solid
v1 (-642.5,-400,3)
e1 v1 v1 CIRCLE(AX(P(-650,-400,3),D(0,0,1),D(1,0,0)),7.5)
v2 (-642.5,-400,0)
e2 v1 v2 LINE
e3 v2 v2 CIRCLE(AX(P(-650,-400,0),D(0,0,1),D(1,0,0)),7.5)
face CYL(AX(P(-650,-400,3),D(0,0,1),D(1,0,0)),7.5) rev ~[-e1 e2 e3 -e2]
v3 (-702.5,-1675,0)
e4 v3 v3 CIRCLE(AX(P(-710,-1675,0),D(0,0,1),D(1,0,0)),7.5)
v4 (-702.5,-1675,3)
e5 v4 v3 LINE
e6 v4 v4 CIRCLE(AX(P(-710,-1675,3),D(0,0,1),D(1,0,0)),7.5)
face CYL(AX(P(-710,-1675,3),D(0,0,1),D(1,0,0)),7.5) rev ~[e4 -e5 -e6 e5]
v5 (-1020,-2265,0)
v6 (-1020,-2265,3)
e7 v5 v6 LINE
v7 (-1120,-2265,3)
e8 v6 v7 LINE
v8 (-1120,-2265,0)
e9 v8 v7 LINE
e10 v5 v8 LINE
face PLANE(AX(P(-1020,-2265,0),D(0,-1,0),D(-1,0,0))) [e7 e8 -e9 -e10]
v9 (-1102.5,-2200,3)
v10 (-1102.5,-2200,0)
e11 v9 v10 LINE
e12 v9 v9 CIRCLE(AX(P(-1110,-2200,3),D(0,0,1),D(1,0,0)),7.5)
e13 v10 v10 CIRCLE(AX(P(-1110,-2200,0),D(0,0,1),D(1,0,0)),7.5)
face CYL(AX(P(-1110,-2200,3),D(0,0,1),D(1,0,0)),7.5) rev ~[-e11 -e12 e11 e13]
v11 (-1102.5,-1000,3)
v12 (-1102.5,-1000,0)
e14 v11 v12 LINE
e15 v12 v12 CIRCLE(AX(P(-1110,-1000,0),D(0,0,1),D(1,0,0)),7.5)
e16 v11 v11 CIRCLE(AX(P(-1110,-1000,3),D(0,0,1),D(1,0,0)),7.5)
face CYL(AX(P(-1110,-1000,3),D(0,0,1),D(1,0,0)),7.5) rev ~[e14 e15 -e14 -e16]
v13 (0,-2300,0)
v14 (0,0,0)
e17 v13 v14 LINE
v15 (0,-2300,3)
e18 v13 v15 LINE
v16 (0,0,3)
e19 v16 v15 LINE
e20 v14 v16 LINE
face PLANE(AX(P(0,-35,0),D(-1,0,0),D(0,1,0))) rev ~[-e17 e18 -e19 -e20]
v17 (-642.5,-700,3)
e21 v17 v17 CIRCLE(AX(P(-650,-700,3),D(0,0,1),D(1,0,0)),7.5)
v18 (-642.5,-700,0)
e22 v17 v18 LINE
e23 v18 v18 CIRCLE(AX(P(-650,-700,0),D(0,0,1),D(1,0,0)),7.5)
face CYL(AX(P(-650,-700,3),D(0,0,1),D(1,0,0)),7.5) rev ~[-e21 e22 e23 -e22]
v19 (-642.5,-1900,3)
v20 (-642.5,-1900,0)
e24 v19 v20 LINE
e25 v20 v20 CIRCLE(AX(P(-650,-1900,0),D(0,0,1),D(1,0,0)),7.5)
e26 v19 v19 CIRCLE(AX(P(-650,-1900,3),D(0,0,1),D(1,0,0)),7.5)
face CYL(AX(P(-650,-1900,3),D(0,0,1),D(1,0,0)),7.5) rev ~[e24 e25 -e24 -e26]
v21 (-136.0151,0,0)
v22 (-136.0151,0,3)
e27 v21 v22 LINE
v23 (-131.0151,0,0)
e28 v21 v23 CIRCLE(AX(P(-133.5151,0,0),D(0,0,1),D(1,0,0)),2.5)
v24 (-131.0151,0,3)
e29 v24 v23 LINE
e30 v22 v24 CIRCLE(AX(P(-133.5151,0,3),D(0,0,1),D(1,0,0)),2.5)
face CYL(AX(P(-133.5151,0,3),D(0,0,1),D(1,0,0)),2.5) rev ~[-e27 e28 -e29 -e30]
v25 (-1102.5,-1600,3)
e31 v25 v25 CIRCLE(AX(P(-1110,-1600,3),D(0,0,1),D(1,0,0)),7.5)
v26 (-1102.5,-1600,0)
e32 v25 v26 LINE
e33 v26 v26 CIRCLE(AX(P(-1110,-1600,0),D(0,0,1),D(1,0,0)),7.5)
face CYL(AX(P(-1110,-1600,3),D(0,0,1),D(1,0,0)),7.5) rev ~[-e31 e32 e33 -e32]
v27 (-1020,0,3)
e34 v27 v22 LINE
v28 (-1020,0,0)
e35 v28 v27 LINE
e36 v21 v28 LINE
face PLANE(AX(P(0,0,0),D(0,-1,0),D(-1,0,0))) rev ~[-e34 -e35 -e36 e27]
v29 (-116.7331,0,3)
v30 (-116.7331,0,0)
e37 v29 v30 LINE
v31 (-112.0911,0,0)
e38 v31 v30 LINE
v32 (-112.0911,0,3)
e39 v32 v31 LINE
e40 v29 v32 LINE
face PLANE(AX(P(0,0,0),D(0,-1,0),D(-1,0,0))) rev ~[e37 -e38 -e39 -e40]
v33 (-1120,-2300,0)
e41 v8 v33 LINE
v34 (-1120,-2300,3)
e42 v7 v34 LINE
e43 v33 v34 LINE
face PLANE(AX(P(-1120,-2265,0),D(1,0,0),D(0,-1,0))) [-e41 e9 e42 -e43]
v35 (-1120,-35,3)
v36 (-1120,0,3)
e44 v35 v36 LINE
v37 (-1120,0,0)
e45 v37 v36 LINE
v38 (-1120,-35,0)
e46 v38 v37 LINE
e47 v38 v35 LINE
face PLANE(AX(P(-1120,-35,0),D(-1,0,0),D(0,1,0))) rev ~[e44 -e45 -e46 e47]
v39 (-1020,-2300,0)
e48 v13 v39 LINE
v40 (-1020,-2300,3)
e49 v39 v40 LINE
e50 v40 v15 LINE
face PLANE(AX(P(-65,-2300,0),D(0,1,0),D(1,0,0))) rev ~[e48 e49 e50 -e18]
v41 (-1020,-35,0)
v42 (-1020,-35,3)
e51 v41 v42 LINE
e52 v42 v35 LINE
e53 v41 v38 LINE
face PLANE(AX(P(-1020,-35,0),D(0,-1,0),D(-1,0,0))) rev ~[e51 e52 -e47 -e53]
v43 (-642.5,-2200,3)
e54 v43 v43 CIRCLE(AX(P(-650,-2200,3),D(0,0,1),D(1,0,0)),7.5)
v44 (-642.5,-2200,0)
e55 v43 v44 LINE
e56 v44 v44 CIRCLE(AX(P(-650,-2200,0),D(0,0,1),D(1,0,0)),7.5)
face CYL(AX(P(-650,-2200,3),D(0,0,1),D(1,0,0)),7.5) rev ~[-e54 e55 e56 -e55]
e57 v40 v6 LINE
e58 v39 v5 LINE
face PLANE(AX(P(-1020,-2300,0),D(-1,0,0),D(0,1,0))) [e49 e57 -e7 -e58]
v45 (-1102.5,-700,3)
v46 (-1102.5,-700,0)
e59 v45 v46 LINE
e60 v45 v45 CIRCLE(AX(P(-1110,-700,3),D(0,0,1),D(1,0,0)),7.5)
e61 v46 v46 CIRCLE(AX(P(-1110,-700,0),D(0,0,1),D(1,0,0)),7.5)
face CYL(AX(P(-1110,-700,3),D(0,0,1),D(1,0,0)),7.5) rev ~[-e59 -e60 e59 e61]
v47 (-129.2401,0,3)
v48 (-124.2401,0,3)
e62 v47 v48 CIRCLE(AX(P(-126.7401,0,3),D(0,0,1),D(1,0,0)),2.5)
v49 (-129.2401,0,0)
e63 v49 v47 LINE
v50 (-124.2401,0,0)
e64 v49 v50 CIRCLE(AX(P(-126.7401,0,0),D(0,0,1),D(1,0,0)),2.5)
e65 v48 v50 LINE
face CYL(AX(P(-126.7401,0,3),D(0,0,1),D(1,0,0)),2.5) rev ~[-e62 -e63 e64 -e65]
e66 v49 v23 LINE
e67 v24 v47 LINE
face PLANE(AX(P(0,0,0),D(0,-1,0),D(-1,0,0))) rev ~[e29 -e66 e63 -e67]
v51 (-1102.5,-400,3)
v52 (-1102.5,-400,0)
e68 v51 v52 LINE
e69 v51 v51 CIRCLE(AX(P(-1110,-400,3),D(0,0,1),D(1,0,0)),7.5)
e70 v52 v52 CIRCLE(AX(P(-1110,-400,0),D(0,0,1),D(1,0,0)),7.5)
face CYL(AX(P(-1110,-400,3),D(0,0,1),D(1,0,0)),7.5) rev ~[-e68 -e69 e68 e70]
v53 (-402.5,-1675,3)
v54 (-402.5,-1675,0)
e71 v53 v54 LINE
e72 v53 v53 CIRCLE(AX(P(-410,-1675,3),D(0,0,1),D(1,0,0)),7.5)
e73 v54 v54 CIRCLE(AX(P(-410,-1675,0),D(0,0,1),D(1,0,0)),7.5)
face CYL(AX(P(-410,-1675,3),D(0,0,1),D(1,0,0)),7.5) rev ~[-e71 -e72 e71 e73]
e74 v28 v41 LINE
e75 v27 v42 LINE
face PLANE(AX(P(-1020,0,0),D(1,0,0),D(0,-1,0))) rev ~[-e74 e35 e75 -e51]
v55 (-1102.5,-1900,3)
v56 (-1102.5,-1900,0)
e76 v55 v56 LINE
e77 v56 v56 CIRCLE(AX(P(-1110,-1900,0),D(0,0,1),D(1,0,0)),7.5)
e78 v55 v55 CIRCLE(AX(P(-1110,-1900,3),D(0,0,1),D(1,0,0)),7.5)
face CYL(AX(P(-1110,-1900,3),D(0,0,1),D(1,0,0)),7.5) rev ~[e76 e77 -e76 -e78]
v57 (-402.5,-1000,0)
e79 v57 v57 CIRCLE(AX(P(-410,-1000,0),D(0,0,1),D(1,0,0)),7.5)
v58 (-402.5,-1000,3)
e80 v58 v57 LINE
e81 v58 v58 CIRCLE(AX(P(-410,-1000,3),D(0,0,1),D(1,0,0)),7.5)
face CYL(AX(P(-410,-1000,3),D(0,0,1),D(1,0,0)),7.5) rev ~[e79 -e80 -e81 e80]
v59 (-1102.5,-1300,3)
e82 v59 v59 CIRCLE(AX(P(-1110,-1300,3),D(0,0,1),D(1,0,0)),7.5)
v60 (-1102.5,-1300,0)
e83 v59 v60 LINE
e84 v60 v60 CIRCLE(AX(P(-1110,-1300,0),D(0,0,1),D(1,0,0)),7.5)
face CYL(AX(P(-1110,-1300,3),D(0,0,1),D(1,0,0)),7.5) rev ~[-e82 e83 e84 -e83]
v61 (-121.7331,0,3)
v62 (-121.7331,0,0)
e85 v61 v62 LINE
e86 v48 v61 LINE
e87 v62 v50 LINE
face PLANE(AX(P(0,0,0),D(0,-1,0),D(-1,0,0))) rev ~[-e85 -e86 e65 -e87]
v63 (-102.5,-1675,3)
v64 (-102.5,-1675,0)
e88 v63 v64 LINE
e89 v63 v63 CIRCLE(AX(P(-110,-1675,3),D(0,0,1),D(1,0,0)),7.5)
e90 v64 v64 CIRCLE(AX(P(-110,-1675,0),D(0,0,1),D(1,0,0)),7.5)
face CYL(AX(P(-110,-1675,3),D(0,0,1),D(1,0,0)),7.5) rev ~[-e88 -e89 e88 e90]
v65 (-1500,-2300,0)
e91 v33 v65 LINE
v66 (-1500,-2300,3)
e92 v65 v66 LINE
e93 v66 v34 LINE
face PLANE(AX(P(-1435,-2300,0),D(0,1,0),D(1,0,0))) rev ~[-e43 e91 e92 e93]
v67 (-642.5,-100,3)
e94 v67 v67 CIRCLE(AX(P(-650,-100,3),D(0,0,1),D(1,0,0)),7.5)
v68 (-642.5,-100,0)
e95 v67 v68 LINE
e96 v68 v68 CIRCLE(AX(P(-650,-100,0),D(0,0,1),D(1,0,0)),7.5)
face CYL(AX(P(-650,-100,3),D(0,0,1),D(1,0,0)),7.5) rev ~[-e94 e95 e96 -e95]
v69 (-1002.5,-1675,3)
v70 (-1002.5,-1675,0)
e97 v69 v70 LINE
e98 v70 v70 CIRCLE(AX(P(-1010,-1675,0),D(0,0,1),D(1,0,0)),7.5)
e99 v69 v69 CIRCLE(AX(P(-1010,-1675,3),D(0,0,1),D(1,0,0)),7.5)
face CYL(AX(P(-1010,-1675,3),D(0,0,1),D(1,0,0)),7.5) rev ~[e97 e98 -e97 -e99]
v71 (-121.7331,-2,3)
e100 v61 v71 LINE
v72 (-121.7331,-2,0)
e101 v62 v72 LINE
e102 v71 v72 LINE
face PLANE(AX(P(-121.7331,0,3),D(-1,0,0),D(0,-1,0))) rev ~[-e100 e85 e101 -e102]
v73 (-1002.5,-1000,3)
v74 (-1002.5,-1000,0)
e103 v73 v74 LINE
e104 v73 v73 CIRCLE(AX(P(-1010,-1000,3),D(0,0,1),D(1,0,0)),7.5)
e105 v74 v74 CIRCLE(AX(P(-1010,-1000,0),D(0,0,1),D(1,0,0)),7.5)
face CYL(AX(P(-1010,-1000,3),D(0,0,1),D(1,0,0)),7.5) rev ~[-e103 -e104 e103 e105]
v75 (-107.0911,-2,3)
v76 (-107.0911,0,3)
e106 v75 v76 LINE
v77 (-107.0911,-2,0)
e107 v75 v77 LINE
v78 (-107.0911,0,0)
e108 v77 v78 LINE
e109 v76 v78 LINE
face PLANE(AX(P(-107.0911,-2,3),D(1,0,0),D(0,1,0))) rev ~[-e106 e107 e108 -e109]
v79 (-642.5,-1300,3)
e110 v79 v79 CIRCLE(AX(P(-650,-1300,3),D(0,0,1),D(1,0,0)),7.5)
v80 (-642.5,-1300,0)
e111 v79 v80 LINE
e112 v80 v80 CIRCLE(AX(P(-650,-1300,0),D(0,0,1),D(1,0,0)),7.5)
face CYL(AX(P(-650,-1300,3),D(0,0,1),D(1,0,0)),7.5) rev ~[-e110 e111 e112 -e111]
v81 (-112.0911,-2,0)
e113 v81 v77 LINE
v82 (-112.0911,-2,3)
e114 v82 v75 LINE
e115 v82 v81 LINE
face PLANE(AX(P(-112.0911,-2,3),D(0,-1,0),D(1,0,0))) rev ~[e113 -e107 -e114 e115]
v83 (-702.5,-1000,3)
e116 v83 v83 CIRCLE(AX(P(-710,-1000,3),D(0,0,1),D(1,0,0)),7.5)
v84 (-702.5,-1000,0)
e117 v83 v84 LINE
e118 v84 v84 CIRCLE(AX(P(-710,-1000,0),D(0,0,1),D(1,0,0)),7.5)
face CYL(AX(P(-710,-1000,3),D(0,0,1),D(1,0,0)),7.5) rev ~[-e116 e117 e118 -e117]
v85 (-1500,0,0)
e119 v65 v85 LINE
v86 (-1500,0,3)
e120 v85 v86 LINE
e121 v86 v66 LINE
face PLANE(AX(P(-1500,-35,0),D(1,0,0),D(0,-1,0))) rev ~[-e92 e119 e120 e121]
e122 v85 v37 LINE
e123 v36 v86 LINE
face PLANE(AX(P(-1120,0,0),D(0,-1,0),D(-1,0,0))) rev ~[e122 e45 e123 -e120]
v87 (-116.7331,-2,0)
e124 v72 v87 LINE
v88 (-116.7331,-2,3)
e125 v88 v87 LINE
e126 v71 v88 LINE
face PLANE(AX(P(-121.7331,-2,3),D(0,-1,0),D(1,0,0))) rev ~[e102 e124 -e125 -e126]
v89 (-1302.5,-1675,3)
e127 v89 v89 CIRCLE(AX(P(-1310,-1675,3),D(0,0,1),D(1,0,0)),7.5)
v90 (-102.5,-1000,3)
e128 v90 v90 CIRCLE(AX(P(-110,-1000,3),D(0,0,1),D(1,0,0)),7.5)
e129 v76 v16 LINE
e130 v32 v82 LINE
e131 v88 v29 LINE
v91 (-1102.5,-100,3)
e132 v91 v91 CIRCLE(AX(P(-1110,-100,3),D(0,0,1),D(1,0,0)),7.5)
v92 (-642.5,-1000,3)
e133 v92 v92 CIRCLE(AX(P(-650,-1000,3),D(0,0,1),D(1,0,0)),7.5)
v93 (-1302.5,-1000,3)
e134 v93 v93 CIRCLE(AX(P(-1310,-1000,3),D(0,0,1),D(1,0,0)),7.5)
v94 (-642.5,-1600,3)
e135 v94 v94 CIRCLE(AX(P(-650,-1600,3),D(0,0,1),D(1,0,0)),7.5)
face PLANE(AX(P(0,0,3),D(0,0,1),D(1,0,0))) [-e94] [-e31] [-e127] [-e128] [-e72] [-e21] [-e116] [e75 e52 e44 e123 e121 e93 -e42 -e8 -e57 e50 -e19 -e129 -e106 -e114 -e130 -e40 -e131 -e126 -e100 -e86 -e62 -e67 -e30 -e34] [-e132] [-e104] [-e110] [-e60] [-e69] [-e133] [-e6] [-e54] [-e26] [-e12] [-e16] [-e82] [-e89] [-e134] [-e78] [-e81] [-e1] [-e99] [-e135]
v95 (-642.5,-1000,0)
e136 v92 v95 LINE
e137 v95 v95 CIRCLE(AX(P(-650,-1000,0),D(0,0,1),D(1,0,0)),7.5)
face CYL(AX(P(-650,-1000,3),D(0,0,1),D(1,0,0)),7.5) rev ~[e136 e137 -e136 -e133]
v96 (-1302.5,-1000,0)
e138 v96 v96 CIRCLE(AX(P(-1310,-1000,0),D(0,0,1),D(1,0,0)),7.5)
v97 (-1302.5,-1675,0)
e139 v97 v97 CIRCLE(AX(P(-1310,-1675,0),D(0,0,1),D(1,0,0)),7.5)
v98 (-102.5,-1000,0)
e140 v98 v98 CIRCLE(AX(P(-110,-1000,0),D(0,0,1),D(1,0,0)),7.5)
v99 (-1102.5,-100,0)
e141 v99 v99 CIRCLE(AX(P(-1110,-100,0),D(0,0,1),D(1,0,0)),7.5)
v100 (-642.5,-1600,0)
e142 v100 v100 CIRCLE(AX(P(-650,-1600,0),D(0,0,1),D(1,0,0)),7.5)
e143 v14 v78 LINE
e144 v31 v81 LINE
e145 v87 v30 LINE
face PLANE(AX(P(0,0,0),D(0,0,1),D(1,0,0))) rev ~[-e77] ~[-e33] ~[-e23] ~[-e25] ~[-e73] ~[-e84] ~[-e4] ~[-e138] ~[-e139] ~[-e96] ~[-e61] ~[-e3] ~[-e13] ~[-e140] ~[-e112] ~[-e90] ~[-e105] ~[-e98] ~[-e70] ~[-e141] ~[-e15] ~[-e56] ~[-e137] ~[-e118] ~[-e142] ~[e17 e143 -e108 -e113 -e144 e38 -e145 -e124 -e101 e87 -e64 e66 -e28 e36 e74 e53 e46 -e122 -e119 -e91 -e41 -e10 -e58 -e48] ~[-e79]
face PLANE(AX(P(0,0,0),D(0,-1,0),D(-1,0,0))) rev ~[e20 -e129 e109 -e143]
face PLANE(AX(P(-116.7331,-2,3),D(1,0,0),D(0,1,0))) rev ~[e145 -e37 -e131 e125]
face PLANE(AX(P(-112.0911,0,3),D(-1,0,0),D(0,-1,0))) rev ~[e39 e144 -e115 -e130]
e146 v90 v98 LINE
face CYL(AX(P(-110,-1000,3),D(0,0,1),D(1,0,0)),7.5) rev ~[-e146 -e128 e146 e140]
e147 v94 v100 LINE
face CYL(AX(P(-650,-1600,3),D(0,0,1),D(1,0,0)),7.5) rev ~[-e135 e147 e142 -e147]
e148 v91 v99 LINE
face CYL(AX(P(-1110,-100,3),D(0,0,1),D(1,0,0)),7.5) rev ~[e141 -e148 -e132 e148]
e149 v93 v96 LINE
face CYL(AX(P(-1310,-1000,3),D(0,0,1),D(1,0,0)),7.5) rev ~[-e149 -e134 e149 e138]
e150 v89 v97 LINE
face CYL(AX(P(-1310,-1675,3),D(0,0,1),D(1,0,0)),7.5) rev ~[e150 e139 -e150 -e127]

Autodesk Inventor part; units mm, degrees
ref_plane "YZ Plane" through (0, 0, 0) normal (1, 0, 0) x (0, 1, 0)
ref_plane "XZ Plane" through (0, 0, 0) normal (0, 1, 0) x (-1, 0, 0)
ref_plane "XY Plane" through (0, 0, 0) normal (0, 0, 1) x (1, 0, 0)
sketch "Sketch1" plane through (0, 0, 0) normal (0, 0, 1) x (1, 0, 0)
  line L0 (0, 0) -> (-1500, 0)
  line L1 (-1500, 0) -> (-1500, -2300)
  line L2 (-1500, -2300) -> (0, -2300)
  line L3 (0, -2300) -> (0, 0)
  line L4 (0, 0) -> (-65, 0)
  line L5 (-65, 0) -> (-65, -35)
  line L6 (-65, -35) -> (0, -35)
  line L7 (0, -35) -> (0, 0)
  line L8 (0, -2300) -> (-65, -2300)
  line L9 (-65, -2300) -> (-65, -2265)
  line L10 (-65, -2265) -> (0, -2265)
  line L11 (0, -2265) -> (0, -2300)
  line L12 (-1500, 0) -> (-1435, 0)
  line L13 (-1435, 0) -> (-1435, -35)
  line L14 (-1435, -35) -> (-1500, -35)
  line L15 (-1500, -35) -> (-1500, 0)
  line L16 (-1500, -2300) -> (-1435, -2300)
  line L17 (-1435, -2300) -> (-1435, -2265)
  line L18 (-1435, -2265) -> (-1500, -2265)
  line L19 (-1500, -2265) -> (-1500, -2300)
  line L20 (-1120, -2300) -> (-1020, -2300)
  line L21 (-1020, -2300) -> (-1020, -2265)
  line L22 (-1020, -2265) -> (-1120, -2265)
  line L23 (-1120, -2265) -> (-1120, -2300)
  line L24 (-1120, 0) -> (-1020, 0)
  line L25 (-1020, 0) -> (-1020, -35)
  line L26 (-1020, -35) -> (-1120, -35)
  line L27 (-1120, -35) -> (-1120, 0)
  point P0 (0, -35)
  point P1 (-65, 0)
  point P2 (0, -2265)
  point P3 (-1020, -2300)
  point P4 (-1020, 0)
  point P5 (-1435, 0)
  dimension "d22" = 1500
  dimension "d23" = 2300
  dimension "d24" = 65
  dimension "d25" = 35
  dimension "d28" = 100
  dimension "d29" = 955
extrude "Plate1" add sketch "Sketch1" along normal blind 3 contours L3 L6 L5 L0 | L5 L6 L3 L10 L9 L2 L21 L22 L23 L17 L18 L1 L14 L13 L0 L27 L26 L25 | L3 L2 L9 L10 | L13 L14 L1 L0 | L18 L17 L2 L1
sketch "Sketch5" plane through (0, 0, 3) normal (0, 0, 1) x (1, 0, 0)
  line L0 (0, 0) -> (-100, 0) construction
  line L1 (0, -2) -> (0, 0) construction
  line L2 (-112, 0) -> (-107.0911, 0) construction
  line L3 (-107.0911, 0) -> (-112.0911, 0)
  line L4 (-112.0911, 0) -> (-112.0911, -2)
  line L5 (-112.0911, -2) -> (-107.0911, -2)
  line L6 (-107.0911, -2) -> (-107.0911, 0)
  line L7 (-112.0911, 0) -> (-116.7331, 0) construction
  line L8 (-116.7331, 0) -> (-121.7331, 0)
  line L9 (-121.7331, 0) -> (-121.7331, -2)
  line L10 (-121.7331, -2) -> (-116.7331, -2)
  line L11 (-116.7331, -2) -> (-116.7331, 0)
  circle A0 centre (-126.7401, 0) radius 2.5
  circle A1 centre (-133.5151, 0) radius 2.5
  point P0 (0, 0)
  dimension "d36" = 2
  dimension "d37" = 2
  dimension "d38" = 5
  dimension "d64" = 5
extrude "Cut1" cut sketch "Sketch5" against normal blind 3
sketch "Sketch6" plane through (0, 0, 3) normal (0, 0, 1) x (1, 0, 0)
  line L0 (-107.0911, 0) -> (0, 0) construction
  arc A0 (-129.2401, 0) -> (-124.2401, 0) centre (-126.7401, 0) ccw construction
  line L1 (-131.0151, 0) -> (-129.2401, 0) construction
  arc A1 (-136.0151, 0) -> (-131.0151, 0) centre (-133.5151, 0) ccw construction
  line L2 (-1020, 0) -> (-136.0151, 0) construction
  line L3 (-1020, -35) -> (-1020, 0) construction
  line L4 (-1120, -35) -> (-1020, -35) construction
  line L5 (-1120, 0) -> (-1120, -35) construction
  line L6 (-1500, 0) -> (-1120, 0) construction
  line L7 (-1500, -2300) -> (-1500, 0) construction
  line L8 (-1120, -2300) -> (-1500, -2300) construction
  line L9 (-1120, -2265) -> (-1120, -2300) construction
  line L10 (-1020, -2265) -> (-1120, -2265) construction
  line L11 (-1020, -2300) -> (-1020, -2265) construction
  line L12 (0, -2300) -> (-1020, -2300) construction
  line L13 (0, 0) -> (0, -2300) construction
  line L14 (0, -2300) -> (0, 0) construction
  line L15 (0, -1000) -> (-1500, -1000) construction
  line L16 (-1500, -1675) -> (0, -1675) construction
  line L17 (-650, 0) -> (-650, -2300) construction
  line L18 (-1110, -2300) -> (-1110, 0) construction
  circle A2 centre (-650, -2200) radius 7.5
  circle A3 centre (-1110, -2200) radius 7.5
  circle A4 centre (-1310, -1675) radius 7.5
  circle A5 centre (-1310, -1000) radius 7.5
  circle A6 centre (-650, -1900) radius 7.5
  circle A7 centre (-1110, -1900) radius 7.5
  circle A8 centre (-650, -1600) radius 7.5
  circle A9 centre (-1110, -1600) radius 7.5
  circle A10 centre (-650, -1300) radius 7.5
  circle A11 centre (-1110, -1300) radius 7.5
  circle A12 centre (-650, -1000) radius 7.5
  circle A13 centre (-1110, -1000) radius 7.5
  circle A14 centre (-650, -700) radius 7.5
  circle A15 centre (-1110, -700) radius 7.5
  circle A16 centre (-650, -400) radius 7.5
  circle A17 centre (-1110, -400) radius 7.5
  circle A18 centre (-650, -100) radius 7.5
  circle A19 centre (-1110, -100) radius 7.5
  circle A20 centre (-650, 200) radius 7.5
  circle A21 centre (-1110, 200) radius 7.5
  circle A22 centre (-650, 500) radius 7.5
  circle A23 centre (-1110, 500) radius 7.5
  circle A24 centre (-650, 800) radius 7.5
  circle A25 centre (-1110, 800) radius 7.5
  circle A26 centre (-1010, -1675) radius 7.5
  circle A27 centre (-1010, -1000) radius 7.5
  circle A28 centre (-710, -1675) radius 7.5
  circle A29 centre (-710, -1000) radius 7.5
  circle A30 centre (-410, -1675) radius 7.5
  circle A31 centre (-410, -1000) radius 7.5
  circle A32 centre (-110, -1675) radius 7.5
  circle A33 centre (-110, -1000) radius 7.5
  circle A34 centre (190, -1675) radius 7.5
  circle A35 centre (190, -1000) radius 7.5
  circle A36 centre (490, -1675) radius 7.5
  circle A37 centre (490, -1000) radius 7.5
  line L19 (-107.0911, 0) -> (-107.0911, -2) projected
  line L20 (-107.0911, -2) -> (-112.0911, -2) projected
  line L21 (-112.0911, -2) -> (-112.0911, 0) projected
  line L22 (-116.7331, 0) -> (-112.0911, 0) projected
  line L23 (-116.7331, 0) -> (-116.7331, -2) projected
  line L24 (-116.7331, -2) -> (-121.7331, -2) projected
  line L25 (-121.7331, -2) -> (-121.7331, 0) projected
  line L26 (-124.2401, 0) -> (-121.7331, 0) projected
  dimension "d41" = 390
  dimension "d42" = 850
  dimension "d43" = 1300
  dimension "d44" = 625
  dimension "d45" = 15
  dimension "d46" = 100
  dimension "d47" = 190
  dimension "d50" = 300
  dimension "d57" = 300
extrude "Cut2" cut sketch "Sketch6" against normal blind 3
equation "\"d39\" = Thickness"
equation "\"d62\" = Thickness"
equation "\"d2\" = Thickness"
equation "\"BendReliefWidth\" = Thickness"
equation "\"BendReliefDepth\" = 0.5 * Thickness"
equation "\"CornerReliefSize\" = 4 * Thickness"
equation "\"MinimumRemnant\" = 2 * Thickness"
equation "\"TransitionRadius\" = BendRadius"
equation "\"JacobiRadiusSize\" = BendRadius"
equation "\"GapSize\" = Thickness"
equation "\"Thickness\" = 3"
equation "\"BendRadius\" = 5"
properties part number "GnG R.2 floor sheet" material "Stainless Steel"
